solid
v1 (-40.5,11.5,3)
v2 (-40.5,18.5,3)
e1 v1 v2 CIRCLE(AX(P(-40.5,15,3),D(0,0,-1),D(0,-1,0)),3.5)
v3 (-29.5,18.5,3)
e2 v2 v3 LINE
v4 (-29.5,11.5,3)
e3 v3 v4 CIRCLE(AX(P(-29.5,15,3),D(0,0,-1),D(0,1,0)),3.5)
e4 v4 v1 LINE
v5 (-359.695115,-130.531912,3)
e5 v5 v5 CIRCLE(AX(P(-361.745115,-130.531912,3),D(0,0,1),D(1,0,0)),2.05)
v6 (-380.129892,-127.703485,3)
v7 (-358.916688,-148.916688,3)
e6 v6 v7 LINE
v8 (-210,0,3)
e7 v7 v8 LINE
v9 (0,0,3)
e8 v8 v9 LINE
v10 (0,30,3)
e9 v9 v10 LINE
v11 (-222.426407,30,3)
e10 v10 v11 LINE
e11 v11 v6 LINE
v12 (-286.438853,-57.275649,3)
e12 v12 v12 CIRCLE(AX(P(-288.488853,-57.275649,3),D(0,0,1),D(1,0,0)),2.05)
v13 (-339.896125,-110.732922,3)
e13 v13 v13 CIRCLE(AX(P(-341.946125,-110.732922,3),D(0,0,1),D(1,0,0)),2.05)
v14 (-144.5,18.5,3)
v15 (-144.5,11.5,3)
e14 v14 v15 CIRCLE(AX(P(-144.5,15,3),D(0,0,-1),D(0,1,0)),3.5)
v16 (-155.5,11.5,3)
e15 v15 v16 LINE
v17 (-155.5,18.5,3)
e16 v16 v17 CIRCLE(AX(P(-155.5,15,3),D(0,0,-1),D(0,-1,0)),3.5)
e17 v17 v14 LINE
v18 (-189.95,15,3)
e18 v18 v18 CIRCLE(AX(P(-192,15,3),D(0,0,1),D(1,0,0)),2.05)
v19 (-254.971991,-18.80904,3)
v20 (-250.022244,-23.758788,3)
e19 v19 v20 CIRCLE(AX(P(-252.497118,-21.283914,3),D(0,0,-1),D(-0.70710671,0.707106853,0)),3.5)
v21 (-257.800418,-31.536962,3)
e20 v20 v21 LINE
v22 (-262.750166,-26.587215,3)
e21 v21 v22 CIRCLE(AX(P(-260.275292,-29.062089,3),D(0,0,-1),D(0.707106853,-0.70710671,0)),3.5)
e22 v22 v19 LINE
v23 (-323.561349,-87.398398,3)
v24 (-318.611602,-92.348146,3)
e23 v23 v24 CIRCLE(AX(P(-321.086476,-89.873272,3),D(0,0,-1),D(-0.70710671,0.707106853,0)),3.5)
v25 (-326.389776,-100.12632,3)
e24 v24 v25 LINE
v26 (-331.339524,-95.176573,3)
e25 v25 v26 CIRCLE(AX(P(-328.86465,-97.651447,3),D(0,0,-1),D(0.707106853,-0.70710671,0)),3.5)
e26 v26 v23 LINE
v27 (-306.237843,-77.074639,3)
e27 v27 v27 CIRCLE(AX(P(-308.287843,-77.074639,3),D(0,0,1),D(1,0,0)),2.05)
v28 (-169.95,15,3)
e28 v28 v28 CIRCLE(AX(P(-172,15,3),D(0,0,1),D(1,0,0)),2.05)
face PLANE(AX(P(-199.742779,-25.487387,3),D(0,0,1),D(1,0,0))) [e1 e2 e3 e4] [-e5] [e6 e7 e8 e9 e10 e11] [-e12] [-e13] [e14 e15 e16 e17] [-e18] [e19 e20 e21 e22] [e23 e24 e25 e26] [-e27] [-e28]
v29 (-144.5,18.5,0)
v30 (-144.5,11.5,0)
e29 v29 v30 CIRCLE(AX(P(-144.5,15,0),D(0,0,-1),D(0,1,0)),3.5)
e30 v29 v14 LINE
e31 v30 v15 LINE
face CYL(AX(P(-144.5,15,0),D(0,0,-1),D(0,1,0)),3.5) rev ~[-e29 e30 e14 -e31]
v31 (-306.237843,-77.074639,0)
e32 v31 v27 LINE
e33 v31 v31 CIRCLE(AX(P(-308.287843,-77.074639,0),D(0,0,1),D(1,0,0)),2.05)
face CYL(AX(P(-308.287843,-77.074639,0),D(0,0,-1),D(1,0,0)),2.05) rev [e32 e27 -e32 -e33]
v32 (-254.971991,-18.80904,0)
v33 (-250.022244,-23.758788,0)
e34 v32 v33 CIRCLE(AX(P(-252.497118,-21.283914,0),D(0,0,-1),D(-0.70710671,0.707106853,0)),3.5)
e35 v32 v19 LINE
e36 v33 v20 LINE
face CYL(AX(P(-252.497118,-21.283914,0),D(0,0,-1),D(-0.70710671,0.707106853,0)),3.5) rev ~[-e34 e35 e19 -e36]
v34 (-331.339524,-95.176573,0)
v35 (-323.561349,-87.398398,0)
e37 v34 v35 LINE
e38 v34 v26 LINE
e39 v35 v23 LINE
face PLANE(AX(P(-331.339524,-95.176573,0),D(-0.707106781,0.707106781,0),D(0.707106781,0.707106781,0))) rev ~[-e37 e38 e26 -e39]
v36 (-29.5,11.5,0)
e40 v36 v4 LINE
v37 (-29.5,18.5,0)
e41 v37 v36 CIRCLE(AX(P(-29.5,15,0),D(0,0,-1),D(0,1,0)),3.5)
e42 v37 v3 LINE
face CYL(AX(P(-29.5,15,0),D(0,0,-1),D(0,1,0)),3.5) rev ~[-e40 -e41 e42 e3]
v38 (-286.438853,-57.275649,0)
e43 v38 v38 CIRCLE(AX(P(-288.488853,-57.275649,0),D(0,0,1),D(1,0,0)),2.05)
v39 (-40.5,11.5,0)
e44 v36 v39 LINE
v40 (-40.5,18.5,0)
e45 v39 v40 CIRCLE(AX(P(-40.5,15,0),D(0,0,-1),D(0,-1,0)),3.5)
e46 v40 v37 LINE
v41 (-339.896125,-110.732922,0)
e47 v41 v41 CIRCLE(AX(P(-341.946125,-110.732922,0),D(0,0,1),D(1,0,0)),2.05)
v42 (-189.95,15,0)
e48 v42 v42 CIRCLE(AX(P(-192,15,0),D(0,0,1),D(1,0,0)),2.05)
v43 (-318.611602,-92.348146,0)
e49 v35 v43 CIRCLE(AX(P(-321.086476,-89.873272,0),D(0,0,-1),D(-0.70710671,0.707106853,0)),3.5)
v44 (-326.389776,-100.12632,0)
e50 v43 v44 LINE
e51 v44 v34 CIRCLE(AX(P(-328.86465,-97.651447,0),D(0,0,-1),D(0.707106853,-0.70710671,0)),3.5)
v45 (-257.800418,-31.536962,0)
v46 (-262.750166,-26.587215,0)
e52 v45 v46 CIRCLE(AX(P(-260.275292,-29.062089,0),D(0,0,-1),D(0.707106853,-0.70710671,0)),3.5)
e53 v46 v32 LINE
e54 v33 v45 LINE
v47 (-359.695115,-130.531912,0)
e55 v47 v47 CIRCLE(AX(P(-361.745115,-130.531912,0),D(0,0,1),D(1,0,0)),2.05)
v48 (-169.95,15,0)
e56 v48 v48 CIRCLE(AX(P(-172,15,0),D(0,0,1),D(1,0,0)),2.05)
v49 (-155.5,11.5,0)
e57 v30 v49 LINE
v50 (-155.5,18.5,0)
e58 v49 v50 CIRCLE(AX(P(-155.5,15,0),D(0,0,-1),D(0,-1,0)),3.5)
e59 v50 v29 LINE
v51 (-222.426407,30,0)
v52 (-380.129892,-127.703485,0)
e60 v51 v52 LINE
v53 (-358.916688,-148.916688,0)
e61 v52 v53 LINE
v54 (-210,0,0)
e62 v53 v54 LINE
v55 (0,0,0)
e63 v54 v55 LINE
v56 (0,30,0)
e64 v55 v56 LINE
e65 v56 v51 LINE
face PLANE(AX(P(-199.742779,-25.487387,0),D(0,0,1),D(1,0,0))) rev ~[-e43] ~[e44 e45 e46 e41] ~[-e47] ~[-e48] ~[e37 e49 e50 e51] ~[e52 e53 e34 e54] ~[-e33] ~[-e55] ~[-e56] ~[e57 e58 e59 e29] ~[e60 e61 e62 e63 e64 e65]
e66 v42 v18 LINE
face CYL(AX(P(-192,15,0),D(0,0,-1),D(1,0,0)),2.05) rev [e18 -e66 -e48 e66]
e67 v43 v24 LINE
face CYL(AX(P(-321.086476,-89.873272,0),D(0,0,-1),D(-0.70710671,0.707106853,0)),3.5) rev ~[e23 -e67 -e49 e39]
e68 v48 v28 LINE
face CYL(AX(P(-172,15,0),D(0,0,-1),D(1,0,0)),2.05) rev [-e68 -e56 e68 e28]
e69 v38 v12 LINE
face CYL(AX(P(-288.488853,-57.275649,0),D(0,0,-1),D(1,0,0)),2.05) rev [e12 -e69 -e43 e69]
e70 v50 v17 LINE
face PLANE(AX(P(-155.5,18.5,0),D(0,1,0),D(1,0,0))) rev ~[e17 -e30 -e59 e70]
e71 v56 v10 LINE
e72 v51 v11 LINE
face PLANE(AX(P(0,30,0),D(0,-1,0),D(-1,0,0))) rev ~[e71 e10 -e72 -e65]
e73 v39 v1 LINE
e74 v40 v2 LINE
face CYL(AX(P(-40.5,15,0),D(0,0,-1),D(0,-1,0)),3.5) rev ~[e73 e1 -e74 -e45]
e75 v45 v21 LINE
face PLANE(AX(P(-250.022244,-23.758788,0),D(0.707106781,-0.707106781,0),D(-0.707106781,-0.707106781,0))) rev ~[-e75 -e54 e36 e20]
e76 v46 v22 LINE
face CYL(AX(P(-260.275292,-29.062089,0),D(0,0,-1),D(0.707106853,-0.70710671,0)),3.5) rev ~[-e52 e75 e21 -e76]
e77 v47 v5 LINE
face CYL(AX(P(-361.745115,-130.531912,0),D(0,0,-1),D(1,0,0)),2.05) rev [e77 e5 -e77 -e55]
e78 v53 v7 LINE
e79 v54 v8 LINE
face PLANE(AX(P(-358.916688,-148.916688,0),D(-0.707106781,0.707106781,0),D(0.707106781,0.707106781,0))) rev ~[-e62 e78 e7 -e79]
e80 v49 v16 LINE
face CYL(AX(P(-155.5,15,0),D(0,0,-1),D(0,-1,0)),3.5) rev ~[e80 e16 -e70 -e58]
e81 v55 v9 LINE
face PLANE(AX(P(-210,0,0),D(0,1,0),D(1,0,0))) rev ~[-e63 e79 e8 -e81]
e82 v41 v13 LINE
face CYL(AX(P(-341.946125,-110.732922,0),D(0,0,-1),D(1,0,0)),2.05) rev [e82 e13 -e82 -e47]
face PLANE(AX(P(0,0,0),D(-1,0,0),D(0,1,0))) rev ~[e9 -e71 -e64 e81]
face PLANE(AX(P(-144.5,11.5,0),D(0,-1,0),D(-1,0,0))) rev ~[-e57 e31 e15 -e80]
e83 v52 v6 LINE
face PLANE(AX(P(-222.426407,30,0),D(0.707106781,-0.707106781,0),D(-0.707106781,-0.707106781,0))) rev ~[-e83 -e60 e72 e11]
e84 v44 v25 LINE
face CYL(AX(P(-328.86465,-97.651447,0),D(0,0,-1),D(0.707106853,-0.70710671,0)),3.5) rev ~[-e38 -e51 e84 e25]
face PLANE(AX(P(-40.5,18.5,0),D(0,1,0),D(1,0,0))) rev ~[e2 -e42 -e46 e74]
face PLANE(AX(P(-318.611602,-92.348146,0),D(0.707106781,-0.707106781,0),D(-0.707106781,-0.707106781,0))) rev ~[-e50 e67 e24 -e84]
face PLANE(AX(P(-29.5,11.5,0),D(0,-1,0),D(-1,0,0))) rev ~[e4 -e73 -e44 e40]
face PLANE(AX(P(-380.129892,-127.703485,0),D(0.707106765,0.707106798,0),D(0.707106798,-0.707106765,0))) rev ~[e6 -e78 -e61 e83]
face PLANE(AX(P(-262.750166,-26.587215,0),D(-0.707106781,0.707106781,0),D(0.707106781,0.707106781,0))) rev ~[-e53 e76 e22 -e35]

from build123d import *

# Parameters (mm, degrees)
F0_R     = 2.05
F1_DEPTH = 3


with BuildPart() as f1:
    # F0 (on Top) → F1 (new body)
    with BuildSketch(Plane.XY):
        Polygon((-210, 0), (0, 0), (0, 30), (-222.426407, 30), (-380.129892, -127.703485), (-358.916688, -148.916688), align=None)
        with Locations((-361.745115, -130.531912)):
            Circle(F0_R, mode=Mode.SUBTRACT)
        with Locations((-341.946125, -110.732922)):
            Circle(F0_R, mode=Mode.SUBTRACT)
        with BuildLine():
            ThreePointArc((-323.561349, -87.398398), (-318.611602, -87.398398), (-318.611602, -92.348146))
            Line((-318.611602, -92.348146), (-326.389776, -100.12632))
            ThreePointArc((-326.389776, -100.12632), (-331.339524, -100.12632), (-331.339524, -95.176573))
            Line((-331.339524, -95.176573), (-323.561349, -87.398398))
        make_face(mode=Mode.SUBTRACT)
        with Locations((-308.287843, -77.074639)):
            Circle(F0_R, mode=Mode.SUBTRACT)
        with Locations((-288.488853, -57.275649)):
            Circle(F0_R, mode=Mode.SUBTRACT)
        with BuildLine():
            ThreePointArc((-254.971991, -18.80904), (-250.022244, -18.80904), (-250.022244, -23.758788))
            Line((-250.022244, -23.758788), (-257.800418, -31.536962))
            ThreePointArc((-257.800418, -31.536962), (-262.750166, -31.536962), (-262.750166, -26.587215))
            Line((-262.750166, -26.587215), (-254.971991, -18.80904))
        make_face(mode=Mode.SUBTRACT)
        with Locations((-192, 15)):
            Circle(F0_R, mode=Mode.SUBTRACT)
        with Locations((-172, 15)):
            Circle(F0_R, mode=Mode.SUBTRACT)
        with BuildLine():
            ThreePointArc((-144.5, 18.5), (-141, 15), (-144.5, 11.5))
            Line((-144.5, 11.5), (-155.5, 11.5))
            ThreePointArc((-155.5, 11.5), (-159, 15), (-155.5, 18.5))
            Line((-155.5, 18.5), (-144.5, 18.5))
        make_face(mode=Mode.SUBTRACT)
        with BuildLine():
            ThreePointArc((-29.5, 18.5), (-26, 15), (-29.5, 11.5))
            Line((-29.5, 11.5), (-40.5, 11.5))
            ThreePointArc((-40.5, 11.5), (-44, 15), (-40.5, 18.5))
            Line((-40.5, 18.5), (-29.5, 18.5))
        make_face(mode=Mode.SUBTRACT)
    extrude(amount=F1_DEPTH)


solid = f1.part
